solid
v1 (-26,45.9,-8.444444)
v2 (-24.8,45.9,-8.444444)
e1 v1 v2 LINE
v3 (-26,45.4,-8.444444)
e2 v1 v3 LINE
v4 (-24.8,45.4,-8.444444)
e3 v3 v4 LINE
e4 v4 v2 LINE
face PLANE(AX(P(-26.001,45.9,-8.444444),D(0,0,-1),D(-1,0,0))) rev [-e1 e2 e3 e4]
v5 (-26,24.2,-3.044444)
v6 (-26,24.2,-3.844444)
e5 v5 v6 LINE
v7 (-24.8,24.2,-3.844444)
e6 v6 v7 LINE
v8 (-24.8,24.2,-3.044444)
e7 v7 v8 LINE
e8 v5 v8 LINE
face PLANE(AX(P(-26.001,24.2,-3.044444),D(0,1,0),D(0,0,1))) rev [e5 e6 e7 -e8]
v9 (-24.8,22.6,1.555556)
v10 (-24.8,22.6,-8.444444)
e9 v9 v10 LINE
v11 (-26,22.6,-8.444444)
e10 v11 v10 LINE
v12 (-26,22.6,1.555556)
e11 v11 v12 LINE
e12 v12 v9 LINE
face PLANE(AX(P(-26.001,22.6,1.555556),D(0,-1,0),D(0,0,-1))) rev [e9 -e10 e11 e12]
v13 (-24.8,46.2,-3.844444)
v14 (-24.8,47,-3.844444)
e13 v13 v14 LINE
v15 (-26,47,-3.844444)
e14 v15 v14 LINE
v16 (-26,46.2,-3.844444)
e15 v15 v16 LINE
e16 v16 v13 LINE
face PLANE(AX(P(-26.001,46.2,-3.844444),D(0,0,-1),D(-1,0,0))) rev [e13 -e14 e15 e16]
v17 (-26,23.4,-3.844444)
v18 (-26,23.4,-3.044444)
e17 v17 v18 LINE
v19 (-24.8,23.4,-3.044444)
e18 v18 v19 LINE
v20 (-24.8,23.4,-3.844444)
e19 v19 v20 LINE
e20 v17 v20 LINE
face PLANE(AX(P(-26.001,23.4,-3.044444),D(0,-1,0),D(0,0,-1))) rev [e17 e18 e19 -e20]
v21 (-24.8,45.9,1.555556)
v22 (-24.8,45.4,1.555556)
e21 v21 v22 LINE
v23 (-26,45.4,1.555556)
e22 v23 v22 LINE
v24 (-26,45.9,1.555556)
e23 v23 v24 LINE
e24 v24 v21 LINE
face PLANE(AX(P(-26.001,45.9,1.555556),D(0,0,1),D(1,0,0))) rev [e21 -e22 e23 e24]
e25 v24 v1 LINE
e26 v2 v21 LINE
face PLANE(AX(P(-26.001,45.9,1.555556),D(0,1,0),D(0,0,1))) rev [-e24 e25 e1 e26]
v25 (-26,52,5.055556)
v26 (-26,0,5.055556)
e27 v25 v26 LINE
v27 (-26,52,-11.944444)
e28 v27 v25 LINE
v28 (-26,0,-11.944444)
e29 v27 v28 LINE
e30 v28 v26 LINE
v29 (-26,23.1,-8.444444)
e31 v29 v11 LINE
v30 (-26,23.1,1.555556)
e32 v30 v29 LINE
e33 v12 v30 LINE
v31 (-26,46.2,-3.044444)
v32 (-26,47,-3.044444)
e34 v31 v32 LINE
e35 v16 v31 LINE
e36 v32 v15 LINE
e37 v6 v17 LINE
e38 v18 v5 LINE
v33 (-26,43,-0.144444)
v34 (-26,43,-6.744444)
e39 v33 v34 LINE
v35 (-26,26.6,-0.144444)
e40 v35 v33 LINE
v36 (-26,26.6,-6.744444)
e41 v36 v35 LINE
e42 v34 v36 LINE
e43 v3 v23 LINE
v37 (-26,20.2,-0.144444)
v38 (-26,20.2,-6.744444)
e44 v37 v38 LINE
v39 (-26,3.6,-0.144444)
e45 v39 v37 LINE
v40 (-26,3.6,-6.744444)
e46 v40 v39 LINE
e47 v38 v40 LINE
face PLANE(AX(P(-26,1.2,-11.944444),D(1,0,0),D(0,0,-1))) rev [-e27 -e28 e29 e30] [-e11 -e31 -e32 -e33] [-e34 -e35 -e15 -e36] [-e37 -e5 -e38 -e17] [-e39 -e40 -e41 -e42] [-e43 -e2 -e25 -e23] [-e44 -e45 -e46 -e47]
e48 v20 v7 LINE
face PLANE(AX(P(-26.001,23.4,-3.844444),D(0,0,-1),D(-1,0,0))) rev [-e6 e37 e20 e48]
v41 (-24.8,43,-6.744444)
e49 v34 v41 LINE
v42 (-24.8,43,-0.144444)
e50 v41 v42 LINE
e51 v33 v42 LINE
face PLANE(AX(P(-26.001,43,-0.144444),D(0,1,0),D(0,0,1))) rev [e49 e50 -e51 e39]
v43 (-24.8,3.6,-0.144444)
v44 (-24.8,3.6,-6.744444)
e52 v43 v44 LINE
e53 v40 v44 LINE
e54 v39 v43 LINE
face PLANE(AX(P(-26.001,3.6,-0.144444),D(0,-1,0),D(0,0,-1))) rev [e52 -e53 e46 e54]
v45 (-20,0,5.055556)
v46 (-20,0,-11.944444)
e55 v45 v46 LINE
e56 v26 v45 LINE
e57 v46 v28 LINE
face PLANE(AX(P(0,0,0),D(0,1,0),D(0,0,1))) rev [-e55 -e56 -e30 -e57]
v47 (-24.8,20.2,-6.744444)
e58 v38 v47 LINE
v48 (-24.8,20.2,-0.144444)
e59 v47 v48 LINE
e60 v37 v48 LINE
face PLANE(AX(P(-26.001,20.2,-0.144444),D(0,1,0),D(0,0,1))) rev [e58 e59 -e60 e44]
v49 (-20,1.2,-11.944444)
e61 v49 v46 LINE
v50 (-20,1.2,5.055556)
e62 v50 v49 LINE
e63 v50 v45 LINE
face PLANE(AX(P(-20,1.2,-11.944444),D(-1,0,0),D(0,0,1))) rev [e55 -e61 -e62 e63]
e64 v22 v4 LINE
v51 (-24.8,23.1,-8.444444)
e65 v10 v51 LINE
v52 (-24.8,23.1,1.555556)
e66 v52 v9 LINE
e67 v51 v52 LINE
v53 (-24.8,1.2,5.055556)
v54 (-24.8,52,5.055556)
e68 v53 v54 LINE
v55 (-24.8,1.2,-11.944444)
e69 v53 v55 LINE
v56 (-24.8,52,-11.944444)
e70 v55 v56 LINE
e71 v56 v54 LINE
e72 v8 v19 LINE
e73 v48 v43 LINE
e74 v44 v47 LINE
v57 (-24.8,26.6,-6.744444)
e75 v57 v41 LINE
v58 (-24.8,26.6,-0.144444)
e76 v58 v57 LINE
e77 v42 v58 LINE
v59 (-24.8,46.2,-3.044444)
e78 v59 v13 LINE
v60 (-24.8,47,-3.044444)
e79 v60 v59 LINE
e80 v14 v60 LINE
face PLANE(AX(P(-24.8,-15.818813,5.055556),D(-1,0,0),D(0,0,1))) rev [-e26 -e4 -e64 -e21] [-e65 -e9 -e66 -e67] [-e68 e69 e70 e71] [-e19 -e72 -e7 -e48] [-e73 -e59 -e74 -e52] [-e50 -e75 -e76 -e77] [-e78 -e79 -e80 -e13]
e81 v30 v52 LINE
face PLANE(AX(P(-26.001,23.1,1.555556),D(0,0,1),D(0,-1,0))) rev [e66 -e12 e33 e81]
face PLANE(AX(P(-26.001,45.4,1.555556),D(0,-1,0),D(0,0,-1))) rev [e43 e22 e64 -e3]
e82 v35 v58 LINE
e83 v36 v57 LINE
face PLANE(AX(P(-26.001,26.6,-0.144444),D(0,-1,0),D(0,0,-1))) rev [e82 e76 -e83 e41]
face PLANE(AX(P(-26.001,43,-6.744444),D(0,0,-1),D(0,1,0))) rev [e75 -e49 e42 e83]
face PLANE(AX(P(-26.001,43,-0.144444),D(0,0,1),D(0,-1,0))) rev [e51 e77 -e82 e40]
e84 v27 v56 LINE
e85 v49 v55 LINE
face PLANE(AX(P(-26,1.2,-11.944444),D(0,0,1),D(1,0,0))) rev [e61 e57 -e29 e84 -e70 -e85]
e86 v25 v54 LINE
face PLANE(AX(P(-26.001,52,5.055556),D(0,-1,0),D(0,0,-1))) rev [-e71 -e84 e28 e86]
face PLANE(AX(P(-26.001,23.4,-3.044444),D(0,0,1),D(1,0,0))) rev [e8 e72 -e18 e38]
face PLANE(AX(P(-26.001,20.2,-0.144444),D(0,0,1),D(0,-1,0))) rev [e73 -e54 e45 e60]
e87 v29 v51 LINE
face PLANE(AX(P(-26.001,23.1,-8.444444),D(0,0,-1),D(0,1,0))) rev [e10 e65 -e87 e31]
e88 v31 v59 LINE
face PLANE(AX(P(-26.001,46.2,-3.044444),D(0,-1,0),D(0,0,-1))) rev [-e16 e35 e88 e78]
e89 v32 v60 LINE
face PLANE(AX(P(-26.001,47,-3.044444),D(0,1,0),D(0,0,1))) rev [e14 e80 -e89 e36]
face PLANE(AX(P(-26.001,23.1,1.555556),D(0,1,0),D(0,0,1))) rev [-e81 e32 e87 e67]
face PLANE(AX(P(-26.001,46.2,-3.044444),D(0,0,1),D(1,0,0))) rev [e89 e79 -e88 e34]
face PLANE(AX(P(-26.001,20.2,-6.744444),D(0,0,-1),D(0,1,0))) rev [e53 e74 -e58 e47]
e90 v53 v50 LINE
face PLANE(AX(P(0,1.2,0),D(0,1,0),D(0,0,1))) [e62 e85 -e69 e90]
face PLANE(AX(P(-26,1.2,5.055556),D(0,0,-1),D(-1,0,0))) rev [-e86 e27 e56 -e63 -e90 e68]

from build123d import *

# Parameters (mm, degrees)
SKETCH1_W           = 6
SKETCH1_H           = 17
BOSS_EXTRUDE1_DEPTH = 1.2
SKETCH2_W           = 2
SKETCH2_H           = 17
BOSS_EXTRUDE2_DEPTH = 68
CUT_EXTRUDE1_REACH  = 72.337
SKETCH3_W           = 0.8
SKETCH3_H           = 0.8
SKETCH3_W_2         = 10
SKETCH3_H_2         = 0.5
CUT_EXTRUDE3_REACH  = 72.337
SKETCH4_W           = 17
SKETCH4_H           = 17.2
SKETCH4_W_2         = 6.6
SKETCH4_H_2         = 16.4
SKETCH4_H_3         = 16.6
CUT_EXTRUDE4_REACH  = 61.352
SKETCH5_W           = 0.8
SKETCH5_H           = 17


with BuildPart() as part:
    # Sketch1 → Boss-Extrude1 (new body)
    with BuildSketch(Plane(origin=(0, 0, 0), x_dir=(1, 0, 0), z_dir=(0, 1, 0))):
        with Locations((-23, 3.444444444)):
            Rectangle(SKETCH1_W, SKETCH1_H)
    extrude(amount=BOSS_EXTRUDE1_DEPTH)

    # Sketch2 → Boss-Extrude2 (add)
    with BuildSketch(Plane(origin=(0, 1.2, 0), x_dir=(1, 0, 0), z_dir=(0, 1, 0))):
        with Locations((-25, 3.444444444)):
            Rectangle(SKETCH2_W, SKETCH2_H)
    extrude(amount=BOSS_EXTRUDE2_DEPTH)

    # Sketch3 → Cut-Extrude1 (cut, up to next)
    with BuildSketch(Plane(origin=(-24, 0, 0), x_dir=(0, 0, -1), z_dir=(1, 0, 0)), mode=Mode.PRIVATE) as cut_extrude1_sk1:
        with Locations((3.444444444, 23.8)):
            Rectangle(SKETCH3_W, SKETCH3_H)
    cut_extrude1_tool1 = extrude(cut_extrude1_sk1.sketch, amount=-CUT_EXTRUDE1_REACH, mode=Mode.PRIVATE) & part.part
    # Sketch3 → Cut-Extrude1 (cut, up to next)
    with BuildSketch(Plane(origin=(-24, 0, 0), x_dir=(0, 0, -1), z_dir=(1, 0, 0)), mode=Mode.PRIVATE) as cut_extrude1_sk2:
        with Locations((3.444444444, 46.6)):
            Rectangle(SKETCH3_W, SKETCH3_H)
    cut_extrude1_tool2 = extrude(cut_extrude1_sk2.sketch, amount=-CUT_EXTRUDE1_REACH, mode=Mode.PRIVATE) & part.part
    # Sketch3 → Cut-Extrude1 (cut, up to next)
    with BuildSketch(Plane(origin=(-24, 0, 0), x_dir=(0, 0, -1), z_dir=(1, 0, 0)), mode=Mode.PRIVATE) as cut_extrude1_sk3:
        with Locations((3.444444444, 22.85)):
            Rectangle(SKETCH3_W_2, SKETCH3_H_2)
    cut_extrude1_tool3 = extrude(cut_extrude1_sk3.sketch, amount=-CUT_EXTRUDE1_REACH, mode=Mode.PRIVATE) & part.part
    # Sketch3 → Cut-Extrude1 (cut, up to next)
    with BuildSketch(Plane(origin=(-24, 0, 0), x_dir=(0, 0, -1), z_dir=(1, 0, 0)), mode=Mode.PRIVATE) as cut_extrude1_sk4:
        with Locations((3.444444444, 45.65)):
            Rectangle(SKETCH3_W_2, SKETCH3_H_2)
    cut_extrude1_tool4 = extrude(cut_extrude1_sk4.sketch, amount=-CUT_EXTRUDE1_REACH, mode=Mode.PRIVATE) & part.part
    add(cut_extrude1_tool1.solids().sort_by_distance((-24, 23.8, -3.444444))[0], mode=Mode.SUBTRACT)
    add(cut_extrude1_tool2.solids().sort_by_distance((-24, 46.6, -3.444444))[0], mode=Mode.SUBTRACT)
    add(cut_extrude1_tool3.solids().sort_by_distance((-24, 22.85, -3.444444))[0], mode=Mode.SUBTRACT)
    add(cut_extrude1_tool4.solids().sort_by_distance((-24, 45.65, -3.444444))[0], mode=Mode.SUBTRACT)

    # Sketch4 → Cut-Extrude3 (cut, up to next)
    with BuildSketch(Plane(origin=(-24, 0, 0), x_dir=(0, 0, -1), z_dir=(1, 0, 0)), mode=Mode.PRIVATE) as cut_extrude3_sk1:
        with Locations((3.444444444, 60.6)):
            Rectangle(SKETCH4_W, SKETCH4_H)
    cut_extrude3_tool1 = extrude(cut_extrude3_sk1.sketch, amount=-CUT_EXTRUDE3_REACH, mode=Mode.PRIVATE) & part.part
    # Sketch4 → Cut-Extrude3 (cut, up to next)
    with BuildSketch(Plane(origin=(-24, 0, 0), x_dir=(0, 0, -1), z_dir=(1, 0, 0)), mode=Mode.PRIVATE) as cut_extrude3_sk2:
        with Locations((3.444444444, 34.8)):
            Rectangle(SKETCH4_W_2, SKETCH4_H_2)
    cut_extrude3_tool2 = extrude(cut_extrude3_sk2.sketch, amount=-CUT_EXTRUDE3_REACH, mode=Mode.PRIVATE) & part.part
    # Sketch4 → Cut-Extrude3 (cut, up to next)
    with BuildSketch(Plane(origin=(-24, 0, 0), x_dir=(0, 0, -1), z_dir=(1, 0, 0)), mode=Mode.PRIVATE) as cut_extrude3_sk3:
        with Locations((3.444444444, 11.9)):
            Rectangle(SKETCH4_W_2, SKETCH4_H_3)
    cut_extrude3_tool3 = extrude(cut_extrude3_sk3.sketch, amount=-CUT_EXTRUDE3_REACH, mode=Mode.PRIVATE) & part.part
    add(cut_extrude3_tool1.solids().sort_by_distance((-24, 60.6, -3.444444))[0], mode=Mode.SUBTRACT)
    add(cut_extrude3_tool2.solids().sort_by_distance((-24, 34.8, -3.444444))[0], mode=Mode.SUBTRACT)
    add(cut_extrude3_tool3.solids().sort_by_distance((-24, 11.9, -3.444444))[0], mode=Mode.SUBTRACT)

    # Cut-Extrude4: up to this face of the body (flat: up to its plane)
    cut_extrude4_end = Plane(part.part.faces().sort_by_distance((-22, 1.2, -3.444444444))[0])
    # Sketch5 → Cut-Extrude4 (cut, up to the picked face)
    with BuildSketch(Plane(origin=(0, 52, 0), x_dir=(1, 0, 0), z_dir=(0, 1, 0)), mode=Mode.PRIVATE) as cut_extrude4_sk1:
        with Locations((-24.4, 3.444444444)):
            Rectangle(SKETCH5_W, SKETCH5_H)
    cut_extrude4_tool1 = split(extrude(cut_extrude4_sk1.sketch, amount=-CUT_EXTRUDE4_REACH, mode=Mode.PRIVATE), bisect_by=cut_extrude4_end, keep=Keep.BOTH, mode=Mode.PRIVATE)
    add(cut_extrude4_tool1.solids().sort_by(Axis((-24.4, 52, -3.444444), (0, -1, 0)))[0], mode=Mode.SUBTRACT)


solid = part.part
